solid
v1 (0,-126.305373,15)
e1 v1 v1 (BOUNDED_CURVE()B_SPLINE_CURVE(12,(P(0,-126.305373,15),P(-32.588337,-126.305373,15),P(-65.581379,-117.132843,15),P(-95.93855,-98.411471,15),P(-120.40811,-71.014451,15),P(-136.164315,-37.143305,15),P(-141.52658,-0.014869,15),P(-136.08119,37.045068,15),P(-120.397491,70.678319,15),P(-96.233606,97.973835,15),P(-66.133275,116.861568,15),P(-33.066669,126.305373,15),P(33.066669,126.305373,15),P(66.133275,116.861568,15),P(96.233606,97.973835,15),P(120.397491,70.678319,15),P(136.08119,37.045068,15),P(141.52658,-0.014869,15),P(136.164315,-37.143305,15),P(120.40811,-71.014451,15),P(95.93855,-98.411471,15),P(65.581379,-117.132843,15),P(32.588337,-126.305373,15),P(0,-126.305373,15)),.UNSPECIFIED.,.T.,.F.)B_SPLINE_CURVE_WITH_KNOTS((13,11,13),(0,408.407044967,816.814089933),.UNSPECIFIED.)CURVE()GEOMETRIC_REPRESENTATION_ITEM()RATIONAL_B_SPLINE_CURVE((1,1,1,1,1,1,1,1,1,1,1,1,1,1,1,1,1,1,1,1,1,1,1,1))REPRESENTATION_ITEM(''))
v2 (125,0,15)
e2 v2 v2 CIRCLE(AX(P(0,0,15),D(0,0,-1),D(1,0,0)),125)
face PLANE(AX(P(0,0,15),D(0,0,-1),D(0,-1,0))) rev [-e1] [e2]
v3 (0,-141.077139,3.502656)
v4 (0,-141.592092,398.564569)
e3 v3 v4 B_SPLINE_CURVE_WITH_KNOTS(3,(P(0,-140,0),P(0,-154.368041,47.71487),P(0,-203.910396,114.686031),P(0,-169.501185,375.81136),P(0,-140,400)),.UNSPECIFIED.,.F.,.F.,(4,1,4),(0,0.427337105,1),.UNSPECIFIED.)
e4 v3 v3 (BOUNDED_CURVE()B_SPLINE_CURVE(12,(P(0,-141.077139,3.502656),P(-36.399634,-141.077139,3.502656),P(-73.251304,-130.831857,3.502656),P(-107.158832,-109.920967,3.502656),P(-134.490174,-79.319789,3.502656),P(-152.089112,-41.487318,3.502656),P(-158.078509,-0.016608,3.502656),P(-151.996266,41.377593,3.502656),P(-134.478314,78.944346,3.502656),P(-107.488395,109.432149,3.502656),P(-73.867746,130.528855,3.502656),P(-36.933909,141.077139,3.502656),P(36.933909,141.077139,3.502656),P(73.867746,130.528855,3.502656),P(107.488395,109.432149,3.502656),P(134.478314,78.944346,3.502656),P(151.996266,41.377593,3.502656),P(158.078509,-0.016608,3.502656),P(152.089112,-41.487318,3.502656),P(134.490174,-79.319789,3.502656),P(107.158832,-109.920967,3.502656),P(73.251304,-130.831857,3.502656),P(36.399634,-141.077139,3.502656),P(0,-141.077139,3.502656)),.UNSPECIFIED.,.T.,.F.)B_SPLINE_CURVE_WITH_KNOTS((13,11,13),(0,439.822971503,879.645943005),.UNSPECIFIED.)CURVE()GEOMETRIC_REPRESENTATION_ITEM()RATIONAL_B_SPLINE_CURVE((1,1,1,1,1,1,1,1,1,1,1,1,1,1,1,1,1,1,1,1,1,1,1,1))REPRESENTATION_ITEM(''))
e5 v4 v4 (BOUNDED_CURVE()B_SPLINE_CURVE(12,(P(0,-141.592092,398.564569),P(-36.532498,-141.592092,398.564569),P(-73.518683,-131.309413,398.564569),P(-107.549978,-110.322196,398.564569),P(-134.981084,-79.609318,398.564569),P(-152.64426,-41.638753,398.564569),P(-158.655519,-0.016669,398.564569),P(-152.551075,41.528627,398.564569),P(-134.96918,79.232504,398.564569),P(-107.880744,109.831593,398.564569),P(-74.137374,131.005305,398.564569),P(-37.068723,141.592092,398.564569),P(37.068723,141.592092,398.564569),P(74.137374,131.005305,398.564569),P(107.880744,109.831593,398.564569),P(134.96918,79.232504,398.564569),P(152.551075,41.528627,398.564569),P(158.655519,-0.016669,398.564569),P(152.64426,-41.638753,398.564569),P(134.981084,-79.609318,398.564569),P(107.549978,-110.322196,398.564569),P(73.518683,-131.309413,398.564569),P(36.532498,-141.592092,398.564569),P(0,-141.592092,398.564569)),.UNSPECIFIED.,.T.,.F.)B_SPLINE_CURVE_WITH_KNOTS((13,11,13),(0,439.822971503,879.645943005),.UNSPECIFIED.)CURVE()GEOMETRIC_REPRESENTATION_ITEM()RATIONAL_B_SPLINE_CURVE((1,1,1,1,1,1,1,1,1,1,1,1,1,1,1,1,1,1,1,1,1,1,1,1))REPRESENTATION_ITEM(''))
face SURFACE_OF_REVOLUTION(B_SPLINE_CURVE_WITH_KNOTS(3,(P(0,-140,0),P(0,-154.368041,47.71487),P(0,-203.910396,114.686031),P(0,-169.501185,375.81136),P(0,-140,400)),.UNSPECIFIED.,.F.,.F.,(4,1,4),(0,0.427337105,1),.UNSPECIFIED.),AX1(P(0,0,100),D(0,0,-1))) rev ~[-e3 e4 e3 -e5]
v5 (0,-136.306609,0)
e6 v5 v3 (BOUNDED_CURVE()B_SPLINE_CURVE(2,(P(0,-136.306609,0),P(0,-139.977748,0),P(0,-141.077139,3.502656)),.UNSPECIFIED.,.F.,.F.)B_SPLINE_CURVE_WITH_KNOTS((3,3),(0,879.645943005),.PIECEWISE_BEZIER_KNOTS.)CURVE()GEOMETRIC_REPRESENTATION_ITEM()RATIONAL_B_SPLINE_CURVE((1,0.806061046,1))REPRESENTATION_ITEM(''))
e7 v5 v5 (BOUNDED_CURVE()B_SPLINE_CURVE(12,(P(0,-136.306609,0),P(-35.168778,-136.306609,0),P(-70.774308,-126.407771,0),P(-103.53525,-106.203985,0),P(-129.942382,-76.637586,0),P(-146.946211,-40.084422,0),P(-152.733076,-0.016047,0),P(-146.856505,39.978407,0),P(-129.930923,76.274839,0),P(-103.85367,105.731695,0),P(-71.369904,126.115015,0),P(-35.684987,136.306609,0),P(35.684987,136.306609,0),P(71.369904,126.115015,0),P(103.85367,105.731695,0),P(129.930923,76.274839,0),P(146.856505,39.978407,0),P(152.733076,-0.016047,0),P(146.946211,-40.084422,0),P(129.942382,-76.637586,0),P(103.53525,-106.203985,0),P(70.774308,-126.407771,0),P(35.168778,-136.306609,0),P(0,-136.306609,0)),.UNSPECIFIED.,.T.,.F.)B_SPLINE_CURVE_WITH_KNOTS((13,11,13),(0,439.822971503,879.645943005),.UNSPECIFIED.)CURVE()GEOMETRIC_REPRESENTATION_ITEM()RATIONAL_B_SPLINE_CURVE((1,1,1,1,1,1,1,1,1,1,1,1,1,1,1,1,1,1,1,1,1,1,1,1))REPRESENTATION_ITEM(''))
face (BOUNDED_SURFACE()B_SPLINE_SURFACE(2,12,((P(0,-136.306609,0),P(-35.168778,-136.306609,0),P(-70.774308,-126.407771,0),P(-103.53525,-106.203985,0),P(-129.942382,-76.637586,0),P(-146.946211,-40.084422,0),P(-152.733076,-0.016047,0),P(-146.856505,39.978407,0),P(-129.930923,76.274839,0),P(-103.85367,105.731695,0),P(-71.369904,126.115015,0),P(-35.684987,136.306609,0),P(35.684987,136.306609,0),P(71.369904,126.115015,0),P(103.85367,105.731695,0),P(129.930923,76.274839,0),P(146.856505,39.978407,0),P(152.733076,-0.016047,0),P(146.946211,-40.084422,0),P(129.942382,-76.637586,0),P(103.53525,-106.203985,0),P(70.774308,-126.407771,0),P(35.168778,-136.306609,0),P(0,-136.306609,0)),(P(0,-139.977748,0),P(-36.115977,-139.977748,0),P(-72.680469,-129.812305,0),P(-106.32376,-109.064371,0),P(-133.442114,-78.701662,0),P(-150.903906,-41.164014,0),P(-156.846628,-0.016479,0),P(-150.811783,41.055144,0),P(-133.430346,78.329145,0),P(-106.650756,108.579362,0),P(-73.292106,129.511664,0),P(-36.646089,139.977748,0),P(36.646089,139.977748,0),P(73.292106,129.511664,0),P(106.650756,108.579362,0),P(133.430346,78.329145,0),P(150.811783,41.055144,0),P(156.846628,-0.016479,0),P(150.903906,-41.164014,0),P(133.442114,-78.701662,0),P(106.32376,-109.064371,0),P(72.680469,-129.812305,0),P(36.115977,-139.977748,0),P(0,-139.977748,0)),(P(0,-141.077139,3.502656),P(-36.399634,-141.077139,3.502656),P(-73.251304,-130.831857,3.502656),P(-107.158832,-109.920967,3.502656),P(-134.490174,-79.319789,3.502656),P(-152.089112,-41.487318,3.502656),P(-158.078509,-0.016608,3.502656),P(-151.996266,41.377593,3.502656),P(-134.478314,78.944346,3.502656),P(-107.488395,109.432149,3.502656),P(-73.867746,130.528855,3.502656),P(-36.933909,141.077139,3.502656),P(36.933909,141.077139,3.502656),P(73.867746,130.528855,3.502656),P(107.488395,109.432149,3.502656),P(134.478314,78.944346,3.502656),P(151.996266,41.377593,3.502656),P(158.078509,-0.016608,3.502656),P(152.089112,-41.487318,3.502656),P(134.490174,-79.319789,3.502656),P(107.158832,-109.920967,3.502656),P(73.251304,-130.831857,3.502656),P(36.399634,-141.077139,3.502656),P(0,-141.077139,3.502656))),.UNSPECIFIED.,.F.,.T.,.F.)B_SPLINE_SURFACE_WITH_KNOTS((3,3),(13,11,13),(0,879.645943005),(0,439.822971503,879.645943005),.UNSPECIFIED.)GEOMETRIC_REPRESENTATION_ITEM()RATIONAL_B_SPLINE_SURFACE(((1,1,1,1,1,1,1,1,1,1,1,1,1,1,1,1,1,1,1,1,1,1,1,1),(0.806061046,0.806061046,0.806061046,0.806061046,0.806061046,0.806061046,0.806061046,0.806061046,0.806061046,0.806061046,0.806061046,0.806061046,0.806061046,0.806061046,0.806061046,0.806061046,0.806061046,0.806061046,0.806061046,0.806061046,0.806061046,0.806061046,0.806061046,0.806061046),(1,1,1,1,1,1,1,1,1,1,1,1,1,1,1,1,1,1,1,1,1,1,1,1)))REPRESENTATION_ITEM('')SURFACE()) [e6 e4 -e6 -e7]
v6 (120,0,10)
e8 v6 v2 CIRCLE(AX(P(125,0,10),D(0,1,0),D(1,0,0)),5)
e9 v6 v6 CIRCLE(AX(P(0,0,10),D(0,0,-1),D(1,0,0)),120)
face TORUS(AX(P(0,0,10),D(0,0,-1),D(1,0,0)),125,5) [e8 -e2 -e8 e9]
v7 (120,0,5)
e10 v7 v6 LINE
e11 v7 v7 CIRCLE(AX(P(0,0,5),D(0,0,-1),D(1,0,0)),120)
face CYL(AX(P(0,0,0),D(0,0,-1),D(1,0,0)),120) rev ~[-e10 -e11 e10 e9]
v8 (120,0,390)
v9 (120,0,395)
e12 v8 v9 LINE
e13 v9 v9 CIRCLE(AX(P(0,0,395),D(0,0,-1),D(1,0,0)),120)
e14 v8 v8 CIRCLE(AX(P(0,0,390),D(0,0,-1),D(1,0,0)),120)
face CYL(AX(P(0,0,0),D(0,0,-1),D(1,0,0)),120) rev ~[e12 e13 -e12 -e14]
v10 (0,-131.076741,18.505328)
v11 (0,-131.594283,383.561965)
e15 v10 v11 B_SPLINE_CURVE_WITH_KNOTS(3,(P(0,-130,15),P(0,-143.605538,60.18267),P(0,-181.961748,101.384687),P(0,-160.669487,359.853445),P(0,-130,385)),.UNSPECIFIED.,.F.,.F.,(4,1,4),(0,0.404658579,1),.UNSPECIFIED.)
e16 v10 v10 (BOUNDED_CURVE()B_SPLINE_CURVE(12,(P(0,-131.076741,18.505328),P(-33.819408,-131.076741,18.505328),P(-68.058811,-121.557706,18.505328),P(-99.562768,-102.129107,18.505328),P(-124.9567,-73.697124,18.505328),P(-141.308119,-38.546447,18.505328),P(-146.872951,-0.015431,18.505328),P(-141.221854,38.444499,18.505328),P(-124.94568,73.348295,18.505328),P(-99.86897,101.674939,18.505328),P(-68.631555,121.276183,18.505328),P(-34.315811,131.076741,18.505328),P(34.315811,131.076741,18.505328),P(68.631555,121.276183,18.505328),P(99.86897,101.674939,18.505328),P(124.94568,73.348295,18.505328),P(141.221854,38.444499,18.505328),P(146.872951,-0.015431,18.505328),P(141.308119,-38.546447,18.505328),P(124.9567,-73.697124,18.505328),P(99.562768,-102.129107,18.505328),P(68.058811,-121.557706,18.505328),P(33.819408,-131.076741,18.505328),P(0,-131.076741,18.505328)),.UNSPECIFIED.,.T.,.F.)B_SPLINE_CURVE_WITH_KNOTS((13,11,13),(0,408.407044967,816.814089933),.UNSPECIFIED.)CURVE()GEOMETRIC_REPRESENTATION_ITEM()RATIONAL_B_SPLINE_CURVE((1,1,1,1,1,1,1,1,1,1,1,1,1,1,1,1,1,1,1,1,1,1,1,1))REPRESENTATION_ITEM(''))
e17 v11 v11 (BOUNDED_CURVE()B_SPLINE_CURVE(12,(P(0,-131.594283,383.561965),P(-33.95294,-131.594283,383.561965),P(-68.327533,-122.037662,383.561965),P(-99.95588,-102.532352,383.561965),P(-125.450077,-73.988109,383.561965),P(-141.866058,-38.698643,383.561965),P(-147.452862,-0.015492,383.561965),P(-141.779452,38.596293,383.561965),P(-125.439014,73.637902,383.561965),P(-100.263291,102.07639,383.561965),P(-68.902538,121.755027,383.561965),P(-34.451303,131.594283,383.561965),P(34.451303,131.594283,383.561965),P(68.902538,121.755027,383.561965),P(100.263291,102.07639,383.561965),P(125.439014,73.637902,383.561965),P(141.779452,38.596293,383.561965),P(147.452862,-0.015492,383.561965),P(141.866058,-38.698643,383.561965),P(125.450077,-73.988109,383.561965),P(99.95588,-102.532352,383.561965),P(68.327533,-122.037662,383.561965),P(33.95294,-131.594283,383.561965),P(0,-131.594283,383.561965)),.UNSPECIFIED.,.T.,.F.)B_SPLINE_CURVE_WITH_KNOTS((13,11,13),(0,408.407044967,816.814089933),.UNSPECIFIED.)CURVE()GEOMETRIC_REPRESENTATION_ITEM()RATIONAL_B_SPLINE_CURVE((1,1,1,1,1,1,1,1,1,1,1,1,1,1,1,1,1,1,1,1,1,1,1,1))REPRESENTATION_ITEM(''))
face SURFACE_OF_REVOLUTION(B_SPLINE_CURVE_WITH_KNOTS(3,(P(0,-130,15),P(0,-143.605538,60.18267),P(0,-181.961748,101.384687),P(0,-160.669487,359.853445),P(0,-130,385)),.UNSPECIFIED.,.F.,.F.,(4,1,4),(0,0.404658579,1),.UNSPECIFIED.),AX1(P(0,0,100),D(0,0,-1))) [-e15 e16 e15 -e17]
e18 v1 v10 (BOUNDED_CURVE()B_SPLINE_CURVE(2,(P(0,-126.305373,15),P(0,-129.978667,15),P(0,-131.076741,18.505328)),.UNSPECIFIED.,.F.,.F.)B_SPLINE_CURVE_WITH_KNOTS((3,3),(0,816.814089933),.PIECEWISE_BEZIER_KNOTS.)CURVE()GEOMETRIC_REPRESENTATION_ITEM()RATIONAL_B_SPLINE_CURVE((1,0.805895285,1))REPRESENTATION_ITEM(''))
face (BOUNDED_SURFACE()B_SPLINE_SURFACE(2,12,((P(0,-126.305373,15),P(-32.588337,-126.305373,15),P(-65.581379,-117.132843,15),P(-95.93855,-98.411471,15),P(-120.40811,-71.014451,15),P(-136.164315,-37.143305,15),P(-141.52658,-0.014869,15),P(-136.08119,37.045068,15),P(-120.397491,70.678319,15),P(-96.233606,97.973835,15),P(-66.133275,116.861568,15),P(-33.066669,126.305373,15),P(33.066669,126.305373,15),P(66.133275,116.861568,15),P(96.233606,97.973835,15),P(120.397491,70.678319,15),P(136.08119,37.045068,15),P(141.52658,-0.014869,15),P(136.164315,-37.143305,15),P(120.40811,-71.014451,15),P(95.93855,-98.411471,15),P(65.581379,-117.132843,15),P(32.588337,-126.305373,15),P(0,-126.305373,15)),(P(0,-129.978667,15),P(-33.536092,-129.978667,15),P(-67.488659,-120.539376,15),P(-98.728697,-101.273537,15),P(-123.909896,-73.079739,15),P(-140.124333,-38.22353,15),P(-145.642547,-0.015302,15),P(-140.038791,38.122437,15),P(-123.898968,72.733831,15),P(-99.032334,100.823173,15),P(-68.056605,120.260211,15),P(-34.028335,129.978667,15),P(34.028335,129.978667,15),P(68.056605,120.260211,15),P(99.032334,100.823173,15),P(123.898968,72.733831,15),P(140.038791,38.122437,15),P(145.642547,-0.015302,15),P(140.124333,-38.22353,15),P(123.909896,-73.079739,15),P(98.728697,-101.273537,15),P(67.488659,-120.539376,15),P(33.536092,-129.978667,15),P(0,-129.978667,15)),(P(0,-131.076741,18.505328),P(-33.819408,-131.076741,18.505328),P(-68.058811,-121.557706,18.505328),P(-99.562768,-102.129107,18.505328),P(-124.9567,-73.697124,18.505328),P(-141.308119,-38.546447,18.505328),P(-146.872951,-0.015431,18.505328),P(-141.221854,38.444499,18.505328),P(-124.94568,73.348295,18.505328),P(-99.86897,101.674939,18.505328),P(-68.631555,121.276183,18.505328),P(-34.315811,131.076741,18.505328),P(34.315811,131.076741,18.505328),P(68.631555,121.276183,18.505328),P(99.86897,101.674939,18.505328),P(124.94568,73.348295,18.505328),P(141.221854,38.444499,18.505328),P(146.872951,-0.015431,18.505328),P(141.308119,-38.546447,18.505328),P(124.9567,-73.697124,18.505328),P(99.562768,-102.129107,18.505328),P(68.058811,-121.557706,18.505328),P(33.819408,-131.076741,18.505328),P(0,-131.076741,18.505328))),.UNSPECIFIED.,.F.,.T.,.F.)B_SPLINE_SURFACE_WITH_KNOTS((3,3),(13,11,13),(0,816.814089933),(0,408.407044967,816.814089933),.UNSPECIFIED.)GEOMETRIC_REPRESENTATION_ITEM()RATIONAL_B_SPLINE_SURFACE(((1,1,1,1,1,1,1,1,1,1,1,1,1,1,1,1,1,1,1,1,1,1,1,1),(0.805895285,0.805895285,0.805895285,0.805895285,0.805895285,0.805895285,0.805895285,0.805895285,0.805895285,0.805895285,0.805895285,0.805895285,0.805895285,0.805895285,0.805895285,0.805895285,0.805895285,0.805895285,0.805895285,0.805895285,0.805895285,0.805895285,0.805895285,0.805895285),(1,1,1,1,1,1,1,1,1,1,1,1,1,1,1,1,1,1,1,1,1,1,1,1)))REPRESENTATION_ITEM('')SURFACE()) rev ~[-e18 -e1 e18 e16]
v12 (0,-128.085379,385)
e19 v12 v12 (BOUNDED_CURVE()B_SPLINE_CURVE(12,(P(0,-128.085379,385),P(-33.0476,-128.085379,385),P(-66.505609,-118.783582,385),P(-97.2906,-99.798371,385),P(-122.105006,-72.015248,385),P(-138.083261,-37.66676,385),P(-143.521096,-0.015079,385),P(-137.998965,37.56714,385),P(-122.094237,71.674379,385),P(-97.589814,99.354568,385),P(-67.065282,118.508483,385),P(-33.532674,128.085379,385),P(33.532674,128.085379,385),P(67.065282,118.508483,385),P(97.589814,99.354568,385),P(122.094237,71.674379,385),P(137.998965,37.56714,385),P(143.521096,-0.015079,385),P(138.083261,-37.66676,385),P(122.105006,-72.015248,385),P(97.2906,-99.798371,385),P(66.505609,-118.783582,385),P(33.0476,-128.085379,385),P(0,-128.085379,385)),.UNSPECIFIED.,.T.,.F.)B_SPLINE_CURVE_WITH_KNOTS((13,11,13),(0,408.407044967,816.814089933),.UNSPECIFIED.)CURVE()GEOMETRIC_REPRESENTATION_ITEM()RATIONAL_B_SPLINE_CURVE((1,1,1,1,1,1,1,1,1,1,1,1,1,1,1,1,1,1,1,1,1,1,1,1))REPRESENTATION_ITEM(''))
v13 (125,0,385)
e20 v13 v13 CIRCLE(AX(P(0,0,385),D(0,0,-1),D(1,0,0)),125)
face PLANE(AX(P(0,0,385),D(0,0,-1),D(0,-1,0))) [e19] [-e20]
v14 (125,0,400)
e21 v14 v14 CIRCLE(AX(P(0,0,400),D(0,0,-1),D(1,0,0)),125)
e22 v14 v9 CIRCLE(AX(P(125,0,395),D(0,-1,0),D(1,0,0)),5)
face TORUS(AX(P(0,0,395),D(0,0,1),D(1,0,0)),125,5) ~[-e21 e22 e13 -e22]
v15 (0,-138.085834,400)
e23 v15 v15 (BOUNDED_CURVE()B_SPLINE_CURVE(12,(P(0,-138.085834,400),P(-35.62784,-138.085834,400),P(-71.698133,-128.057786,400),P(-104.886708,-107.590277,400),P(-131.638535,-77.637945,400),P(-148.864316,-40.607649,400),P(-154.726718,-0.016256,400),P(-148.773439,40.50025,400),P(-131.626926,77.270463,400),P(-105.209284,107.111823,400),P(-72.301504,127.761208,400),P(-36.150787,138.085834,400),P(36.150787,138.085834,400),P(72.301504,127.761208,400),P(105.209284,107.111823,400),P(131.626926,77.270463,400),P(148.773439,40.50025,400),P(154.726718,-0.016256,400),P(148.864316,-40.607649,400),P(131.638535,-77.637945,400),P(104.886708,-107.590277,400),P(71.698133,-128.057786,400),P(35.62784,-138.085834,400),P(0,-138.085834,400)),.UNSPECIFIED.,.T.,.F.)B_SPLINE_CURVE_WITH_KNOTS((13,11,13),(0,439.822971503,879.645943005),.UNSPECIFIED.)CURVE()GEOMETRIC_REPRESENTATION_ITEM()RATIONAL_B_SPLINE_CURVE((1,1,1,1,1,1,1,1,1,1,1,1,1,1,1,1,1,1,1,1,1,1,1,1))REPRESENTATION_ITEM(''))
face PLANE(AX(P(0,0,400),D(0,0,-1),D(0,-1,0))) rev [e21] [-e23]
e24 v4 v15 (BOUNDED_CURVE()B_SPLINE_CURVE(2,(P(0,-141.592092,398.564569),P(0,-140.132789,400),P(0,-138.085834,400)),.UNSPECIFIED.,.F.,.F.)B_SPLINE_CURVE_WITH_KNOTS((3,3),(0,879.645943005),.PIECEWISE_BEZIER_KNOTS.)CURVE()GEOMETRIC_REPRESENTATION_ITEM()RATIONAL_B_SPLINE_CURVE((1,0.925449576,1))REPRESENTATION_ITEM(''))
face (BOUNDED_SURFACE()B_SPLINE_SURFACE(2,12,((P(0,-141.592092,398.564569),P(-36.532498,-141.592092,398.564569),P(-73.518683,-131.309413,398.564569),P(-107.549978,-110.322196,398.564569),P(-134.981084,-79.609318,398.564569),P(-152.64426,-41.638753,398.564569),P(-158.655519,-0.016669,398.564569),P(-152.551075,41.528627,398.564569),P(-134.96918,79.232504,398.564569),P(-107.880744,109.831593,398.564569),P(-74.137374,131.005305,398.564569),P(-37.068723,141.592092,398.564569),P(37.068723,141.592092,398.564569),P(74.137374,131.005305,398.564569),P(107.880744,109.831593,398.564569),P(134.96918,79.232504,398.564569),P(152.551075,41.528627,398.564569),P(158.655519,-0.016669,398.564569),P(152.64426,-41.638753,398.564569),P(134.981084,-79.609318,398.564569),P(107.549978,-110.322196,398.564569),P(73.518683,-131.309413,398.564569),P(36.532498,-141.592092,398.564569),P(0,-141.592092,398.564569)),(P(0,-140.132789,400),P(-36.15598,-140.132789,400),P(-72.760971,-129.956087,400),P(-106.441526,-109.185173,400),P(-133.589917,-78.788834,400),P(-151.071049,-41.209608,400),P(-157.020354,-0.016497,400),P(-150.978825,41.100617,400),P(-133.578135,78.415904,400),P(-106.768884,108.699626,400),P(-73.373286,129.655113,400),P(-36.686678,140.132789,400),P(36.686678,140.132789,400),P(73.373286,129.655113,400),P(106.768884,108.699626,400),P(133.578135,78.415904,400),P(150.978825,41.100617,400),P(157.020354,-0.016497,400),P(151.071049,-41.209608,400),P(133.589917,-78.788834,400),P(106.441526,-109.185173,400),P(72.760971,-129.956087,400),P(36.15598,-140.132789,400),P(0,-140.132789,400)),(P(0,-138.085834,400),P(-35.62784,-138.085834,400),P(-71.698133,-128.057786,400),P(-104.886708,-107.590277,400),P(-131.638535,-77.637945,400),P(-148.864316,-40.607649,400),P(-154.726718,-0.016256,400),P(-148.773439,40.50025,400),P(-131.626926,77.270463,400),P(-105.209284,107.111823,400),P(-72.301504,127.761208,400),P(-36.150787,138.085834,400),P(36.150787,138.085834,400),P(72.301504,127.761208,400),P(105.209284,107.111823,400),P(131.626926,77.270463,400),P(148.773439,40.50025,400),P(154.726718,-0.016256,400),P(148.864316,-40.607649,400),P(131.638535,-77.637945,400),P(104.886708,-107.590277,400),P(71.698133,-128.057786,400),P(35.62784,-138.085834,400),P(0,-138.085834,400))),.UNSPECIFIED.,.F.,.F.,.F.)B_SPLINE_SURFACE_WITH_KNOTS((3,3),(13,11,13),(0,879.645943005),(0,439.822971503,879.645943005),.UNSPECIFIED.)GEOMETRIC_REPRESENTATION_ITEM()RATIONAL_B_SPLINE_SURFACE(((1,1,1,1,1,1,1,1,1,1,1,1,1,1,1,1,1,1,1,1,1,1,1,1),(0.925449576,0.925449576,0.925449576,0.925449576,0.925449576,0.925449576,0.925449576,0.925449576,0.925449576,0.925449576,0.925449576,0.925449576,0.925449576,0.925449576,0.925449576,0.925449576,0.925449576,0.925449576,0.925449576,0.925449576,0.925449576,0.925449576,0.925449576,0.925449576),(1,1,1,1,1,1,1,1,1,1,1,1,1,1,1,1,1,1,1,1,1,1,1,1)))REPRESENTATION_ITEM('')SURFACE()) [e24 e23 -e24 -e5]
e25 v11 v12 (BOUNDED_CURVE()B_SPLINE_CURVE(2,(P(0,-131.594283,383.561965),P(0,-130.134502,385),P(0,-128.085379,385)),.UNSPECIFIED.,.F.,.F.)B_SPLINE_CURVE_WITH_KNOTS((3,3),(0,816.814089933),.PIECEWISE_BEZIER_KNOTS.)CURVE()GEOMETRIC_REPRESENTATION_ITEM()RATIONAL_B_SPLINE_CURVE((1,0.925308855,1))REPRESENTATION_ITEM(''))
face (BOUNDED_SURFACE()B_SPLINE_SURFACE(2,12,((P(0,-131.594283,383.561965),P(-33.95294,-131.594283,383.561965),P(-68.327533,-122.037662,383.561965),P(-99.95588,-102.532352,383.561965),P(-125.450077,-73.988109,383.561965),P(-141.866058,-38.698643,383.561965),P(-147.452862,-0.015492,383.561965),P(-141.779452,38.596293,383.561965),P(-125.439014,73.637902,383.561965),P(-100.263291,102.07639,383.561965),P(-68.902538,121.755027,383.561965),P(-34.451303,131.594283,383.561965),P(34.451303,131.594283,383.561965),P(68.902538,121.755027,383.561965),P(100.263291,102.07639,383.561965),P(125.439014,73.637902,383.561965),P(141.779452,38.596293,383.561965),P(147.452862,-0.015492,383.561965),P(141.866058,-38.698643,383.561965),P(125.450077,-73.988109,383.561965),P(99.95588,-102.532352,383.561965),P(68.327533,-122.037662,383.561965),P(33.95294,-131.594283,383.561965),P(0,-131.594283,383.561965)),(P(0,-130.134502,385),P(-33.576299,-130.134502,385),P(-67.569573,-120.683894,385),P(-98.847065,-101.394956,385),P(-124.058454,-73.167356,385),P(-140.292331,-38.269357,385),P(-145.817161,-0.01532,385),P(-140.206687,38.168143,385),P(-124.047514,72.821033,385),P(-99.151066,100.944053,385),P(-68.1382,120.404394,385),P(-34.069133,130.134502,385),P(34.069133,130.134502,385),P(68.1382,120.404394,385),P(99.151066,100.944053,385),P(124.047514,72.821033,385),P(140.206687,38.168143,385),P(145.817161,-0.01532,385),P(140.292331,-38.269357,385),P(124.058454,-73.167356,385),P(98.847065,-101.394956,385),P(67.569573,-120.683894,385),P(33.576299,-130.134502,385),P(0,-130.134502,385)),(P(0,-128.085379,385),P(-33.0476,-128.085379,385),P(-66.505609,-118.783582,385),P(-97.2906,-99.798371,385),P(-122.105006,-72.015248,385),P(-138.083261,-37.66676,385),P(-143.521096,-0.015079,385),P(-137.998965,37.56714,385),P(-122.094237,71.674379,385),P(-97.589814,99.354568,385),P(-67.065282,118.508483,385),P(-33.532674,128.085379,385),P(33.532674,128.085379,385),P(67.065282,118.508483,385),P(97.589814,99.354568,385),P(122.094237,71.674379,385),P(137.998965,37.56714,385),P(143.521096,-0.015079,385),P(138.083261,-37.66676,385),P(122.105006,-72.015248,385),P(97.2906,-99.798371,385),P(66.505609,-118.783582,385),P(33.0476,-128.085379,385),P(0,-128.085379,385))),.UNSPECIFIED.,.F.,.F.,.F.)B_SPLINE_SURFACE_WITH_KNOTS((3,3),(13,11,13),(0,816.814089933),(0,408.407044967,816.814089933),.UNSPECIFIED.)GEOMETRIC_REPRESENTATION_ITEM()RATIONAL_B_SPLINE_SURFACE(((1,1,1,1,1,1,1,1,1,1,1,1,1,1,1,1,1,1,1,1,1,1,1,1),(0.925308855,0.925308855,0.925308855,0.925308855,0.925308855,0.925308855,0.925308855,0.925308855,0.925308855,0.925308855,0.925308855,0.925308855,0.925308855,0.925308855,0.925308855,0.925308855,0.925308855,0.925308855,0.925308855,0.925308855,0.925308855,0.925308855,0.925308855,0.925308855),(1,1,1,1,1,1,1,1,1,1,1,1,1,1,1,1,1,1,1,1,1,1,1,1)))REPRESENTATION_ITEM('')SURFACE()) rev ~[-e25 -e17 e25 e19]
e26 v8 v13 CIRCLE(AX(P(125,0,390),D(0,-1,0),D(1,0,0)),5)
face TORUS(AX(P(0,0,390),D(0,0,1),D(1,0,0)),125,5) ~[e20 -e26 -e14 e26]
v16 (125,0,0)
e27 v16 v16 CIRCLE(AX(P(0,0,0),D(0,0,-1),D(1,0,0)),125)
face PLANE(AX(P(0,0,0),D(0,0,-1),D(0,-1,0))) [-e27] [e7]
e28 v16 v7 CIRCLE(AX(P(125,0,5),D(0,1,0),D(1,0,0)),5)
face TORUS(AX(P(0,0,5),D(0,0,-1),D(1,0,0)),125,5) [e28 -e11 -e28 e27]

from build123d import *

# Parameters (mm, degrees)
F2_R     = 120
F3_DEPTH = 400.0010001
F4_R     = 5
F5_R     = 5


with BuildPart() as f1:
    # F0 (on Right) → F1 (revolve)
    with BuildSketch(Plane.YZ):
        with BuildLine():
            Line((-140, 0), (0, 0))
            Line((0, 0), (0, 15))
            Line((0, 15), (-130, 15))
            add(Edge.make_bspline(
                [(-130, 15), (-143.6055380442, 60.1826702343), (-181.9617475839, 101.3846869663), (-160.6694873838, 359.853444619), (-130, 385)],
                knots=[0, 0, 0, 0, 0.4046585791, 1, 1, 1, 1], degree=3))
            Line((-130, 385), (0, 385))
            Line((0, 385), (0, 400))
            Line((0, 400), (-140, 400))
            add(Edge.make_bspline(
                [(-140, 0), (-154.3680414708, 47.7148700464), (-203.9103962136, 114.6860306429), (-169.5011850388, 375.8113601932), (-140, 400)],
                knots=[0, 0, 0, 0, 0.4273371055, 1, 1, 1, 1], degree=3))
        make_face()
    revolve(axis=Axis((0, 0, 100), (0, 0, -1)))

    # F2 (on face) → F3 (cut, through all)
    with BuildSketch(Plane(origin=(0, 0, 0), x_dir=(1, 0, 0), z_dir=(0, 0, -1))):
        Circle(F2_R)
    extrude(amount=-F3_DEPTH, mode=Mode.SUBTRACT)

    # F4
    f4_edges = [f1.edges().sort_by_distance(p)[0] for p in [
        (-120, 0, 15),
        (-120, 0, 400),
        (-120, 0, 385),
        (0, 140, 0),
        (0, 140, 400),
        (-120, 0, 0),
    ]]
    fillet(f4_edges, radius=F4_R)

    # F5
    f5_edges = [f1.edges().sort_by_distance(p)[0] for p in [
        (0, 130, 15),
        (0, 130, 385),
    ]]
    fillet(f5_edges, radius=F5_R)


solid = f1.part
